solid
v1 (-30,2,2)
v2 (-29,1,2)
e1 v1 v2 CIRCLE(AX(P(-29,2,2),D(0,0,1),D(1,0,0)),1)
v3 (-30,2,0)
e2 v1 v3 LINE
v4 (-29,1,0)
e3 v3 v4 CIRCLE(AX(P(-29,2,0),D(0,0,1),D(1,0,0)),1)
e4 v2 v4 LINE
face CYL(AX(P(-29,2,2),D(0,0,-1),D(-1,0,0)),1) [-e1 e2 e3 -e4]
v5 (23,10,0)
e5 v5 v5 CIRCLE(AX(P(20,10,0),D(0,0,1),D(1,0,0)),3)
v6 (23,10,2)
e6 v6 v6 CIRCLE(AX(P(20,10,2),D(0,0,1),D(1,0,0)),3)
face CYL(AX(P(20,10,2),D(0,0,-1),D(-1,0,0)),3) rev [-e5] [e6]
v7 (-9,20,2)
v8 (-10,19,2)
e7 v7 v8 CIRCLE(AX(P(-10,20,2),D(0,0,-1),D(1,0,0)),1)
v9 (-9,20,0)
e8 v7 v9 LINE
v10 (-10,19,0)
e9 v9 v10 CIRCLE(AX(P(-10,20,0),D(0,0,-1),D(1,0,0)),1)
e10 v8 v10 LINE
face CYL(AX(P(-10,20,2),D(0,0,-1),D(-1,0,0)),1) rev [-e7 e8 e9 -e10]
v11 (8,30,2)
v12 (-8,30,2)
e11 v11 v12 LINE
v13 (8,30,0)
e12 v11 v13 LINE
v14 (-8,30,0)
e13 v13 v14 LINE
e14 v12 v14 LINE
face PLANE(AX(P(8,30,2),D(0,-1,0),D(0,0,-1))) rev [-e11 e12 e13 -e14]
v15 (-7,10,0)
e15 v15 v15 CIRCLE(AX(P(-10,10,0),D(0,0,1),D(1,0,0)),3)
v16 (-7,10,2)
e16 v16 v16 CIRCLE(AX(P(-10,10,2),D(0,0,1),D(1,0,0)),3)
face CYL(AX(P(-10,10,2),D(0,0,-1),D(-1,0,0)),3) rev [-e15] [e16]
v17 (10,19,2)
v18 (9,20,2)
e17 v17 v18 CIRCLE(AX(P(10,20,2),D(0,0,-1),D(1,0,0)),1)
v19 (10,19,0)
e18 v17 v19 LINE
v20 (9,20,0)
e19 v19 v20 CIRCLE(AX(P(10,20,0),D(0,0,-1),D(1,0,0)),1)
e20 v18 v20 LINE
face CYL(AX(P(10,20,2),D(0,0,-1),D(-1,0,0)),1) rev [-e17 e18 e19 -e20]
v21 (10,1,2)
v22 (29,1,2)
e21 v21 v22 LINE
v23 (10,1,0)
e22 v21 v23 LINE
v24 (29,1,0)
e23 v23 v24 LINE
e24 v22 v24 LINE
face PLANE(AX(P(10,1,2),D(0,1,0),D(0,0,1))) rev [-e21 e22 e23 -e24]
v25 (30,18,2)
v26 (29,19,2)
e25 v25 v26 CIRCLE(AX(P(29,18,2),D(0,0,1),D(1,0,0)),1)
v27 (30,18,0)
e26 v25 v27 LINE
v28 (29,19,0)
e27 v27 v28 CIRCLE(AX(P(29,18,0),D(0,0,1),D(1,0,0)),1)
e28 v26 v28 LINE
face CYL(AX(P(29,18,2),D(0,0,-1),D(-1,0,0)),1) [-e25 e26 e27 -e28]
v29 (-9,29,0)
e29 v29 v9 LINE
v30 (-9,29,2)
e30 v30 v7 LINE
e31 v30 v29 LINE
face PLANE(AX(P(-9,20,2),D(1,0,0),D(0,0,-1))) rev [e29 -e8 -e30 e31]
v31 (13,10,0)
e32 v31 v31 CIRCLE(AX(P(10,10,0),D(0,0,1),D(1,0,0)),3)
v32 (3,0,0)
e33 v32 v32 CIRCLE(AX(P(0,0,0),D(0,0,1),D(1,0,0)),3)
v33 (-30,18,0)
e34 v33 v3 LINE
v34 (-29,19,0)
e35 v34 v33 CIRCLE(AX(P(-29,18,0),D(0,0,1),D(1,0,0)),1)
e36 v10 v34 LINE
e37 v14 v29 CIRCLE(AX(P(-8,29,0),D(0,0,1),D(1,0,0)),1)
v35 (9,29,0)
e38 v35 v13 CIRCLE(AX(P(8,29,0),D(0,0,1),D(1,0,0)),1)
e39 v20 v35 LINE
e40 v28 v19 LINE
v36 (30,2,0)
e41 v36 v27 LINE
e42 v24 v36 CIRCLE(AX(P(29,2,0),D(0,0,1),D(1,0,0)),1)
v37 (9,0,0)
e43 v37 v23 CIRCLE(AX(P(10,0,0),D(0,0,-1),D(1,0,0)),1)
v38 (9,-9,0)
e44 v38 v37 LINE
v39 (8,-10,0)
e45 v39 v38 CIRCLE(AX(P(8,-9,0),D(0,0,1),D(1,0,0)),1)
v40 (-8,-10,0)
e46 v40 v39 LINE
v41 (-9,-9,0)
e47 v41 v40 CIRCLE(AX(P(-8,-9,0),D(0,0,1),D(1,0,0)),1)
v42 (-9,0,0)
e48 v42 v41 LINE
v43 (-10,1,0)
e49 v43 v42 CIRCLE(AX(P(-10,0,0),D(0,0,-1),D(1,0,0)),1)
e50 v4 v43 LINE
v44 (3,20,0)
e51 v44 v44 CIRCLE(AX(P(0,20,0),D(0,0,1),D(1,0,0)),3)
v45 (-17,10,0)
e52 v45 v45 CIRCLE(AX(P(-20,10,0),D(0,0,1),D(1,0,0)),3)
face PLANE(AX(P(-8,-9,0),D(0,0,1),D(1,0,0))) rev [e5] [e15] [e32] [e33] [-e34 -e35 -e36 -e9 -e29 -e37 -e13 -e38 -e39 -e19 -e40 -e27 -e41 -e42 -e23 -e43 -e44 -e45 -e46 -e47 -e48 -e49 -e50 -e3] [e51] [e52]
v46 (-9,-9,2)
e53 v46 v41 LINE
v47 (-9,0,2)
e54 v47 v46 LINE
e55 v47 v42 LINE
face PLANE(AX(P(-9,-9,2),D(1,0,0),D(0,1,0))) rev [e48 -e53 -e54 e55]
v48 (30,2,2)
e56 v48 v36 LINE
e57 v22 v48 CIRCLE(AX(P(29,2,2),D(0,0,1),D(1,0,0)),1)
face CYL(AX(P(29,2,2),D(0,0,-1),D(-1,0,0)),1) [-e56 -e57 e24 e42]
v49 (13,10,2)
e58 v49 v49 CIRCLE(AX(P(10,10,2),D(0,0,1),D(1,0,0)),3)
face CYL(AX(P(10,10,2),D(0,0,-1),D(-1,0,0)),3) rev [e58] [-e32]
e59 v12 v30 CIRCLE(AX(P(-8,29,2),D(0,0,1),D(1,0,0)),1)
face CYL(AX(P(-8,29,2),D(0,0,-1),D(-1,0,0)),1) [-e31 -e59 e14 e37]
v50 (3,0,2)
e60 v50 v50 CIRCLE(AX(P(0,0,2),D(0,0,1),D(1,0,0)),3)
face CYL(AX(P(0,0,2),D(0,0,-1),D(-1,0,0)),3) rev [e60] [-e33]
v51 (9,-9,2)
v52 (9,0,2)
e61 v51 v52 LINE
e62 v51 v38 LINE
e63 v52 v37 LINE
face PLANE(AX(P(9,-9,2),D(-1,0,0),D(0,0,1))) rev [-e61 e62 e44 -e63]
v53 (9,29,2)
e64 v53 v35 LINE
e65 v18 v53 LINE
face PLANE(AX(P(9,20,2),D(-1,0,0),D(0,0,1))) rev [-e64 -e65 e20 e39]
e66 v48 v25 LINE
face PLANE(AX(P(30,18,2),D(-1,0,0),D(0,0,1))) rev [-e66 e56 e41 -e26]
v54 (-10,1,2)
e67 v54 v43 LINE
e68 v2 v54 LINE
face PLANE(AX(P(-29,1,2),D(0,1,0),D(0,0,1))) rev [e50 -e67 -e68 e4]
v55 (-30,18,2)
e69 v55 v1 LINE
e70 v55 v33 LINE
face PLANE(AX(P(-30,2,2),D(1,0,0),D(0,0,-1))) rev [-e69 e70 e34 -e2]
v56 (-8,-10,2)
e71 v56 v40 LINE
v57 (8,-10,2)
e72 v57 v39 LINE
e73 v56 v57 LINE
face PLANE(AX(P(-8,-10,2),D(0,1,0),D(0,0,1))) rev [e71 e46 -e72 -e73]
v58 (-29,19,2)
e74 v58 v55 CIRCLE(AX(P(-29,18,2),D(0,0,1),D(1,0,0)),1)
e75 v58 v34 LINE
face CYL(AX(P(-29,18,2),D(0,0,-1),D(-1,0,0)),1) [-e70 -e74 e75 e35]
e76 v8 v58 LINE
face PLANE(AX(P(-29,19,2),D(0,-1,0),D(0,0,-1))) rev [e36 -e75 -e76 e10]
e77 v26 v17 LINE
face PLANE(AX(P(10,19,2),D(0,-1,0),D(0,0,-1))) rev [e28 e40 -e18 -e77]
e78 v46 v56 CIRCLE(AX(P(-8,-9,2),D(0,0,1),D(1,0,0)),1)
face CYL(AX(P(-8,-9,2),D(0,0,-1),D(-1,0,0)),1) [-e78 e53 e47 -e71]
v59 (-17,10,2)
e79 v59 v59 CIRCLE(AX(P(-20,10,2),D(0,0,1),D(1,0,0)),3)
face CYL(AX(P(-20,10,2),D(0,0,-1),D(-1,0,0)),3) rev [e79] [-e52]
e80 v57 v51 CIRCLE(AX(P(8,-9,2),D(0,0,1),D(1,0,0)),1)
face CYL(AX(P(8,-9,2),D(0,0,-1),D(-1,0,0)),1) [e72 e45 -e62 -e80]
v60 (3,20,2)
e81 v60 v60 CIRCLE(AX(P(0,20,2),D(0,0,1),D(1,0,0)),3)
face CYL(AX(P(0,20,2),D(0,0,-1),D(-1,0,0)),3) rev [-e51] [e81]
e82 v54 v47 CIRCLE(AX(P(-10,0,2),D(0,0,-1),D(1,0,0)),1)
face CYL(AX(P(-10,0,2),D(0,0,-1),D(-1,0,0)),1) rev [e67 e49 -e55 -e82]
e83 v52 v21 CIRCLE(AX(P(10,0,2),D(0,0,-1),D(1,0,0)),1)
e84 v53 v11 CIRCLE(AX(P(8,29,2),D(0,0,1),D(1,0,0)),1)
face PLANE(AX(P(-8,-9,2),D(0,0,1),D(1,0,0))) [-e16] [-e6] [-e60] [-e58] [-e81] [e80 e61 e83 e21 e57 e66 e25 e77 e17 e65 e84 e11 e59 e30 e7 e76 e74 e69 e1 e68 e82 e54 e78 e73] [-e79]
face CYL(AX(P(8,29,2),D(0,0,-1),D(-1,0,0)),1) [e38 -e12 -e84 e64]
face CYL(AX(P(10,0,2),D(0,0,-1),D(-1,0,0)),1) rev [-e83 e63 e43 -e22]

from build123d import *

# Parameters (mm, degrees)
SKETCH_1_R      = 3
EXTRUDE_1_DEPTH = 2


with BuildPart() as part:
    # 草图1 → 凸台-拉伸1 (new body)
    with BuildSketch(Plane.XY):
        with BuildLine():
            Line((-9, -9), (-9, 0))
            ThreePointArc((-9, 0), (-9.292893219, 0.707106781), (-10, 1))
            Line((-10, 1), (-29, 1))
            ThreePointArc((-29, 1), (-29.707106781, 1.292893219), (-30, 2))
            Line((-30, 2), (-30, 18))
            ThreePointArc((-30, 18), (-29.707106781, 18.707106781), (-29, 19))
            Line((-29, 19), (-10, 19))
            ThreePointArc((-10, 19), (-9.292893219, 19.292893219), (-9, 20))
            Line((-9, 20), (-9, 29))
            ThreePointArc((-9, 29), (-8.707106781, 29.707106781), (-8, 30))
            Line((-8, 30), (8, 30))
            ThreePointArc((8, 30), (8.707106781, 29.707106781), (9, 29))
            Line((9, 29), (9, 20))
            ThreePointArc((9, 20), (9.292893219, 19.292893219), (10, 19))
            Line((10, 19), (29, 19))
            ThreePointArc((29, 19), (29.707106781, 18.707106781), (30, 18))
            Line((30, 18), (30, 2))
            ThreePointArc((30, 2), (29.707106781, 1.292893219), (29, 1))
            Line((29, 1), (10, 1))
            ThreePointArc((10, 1), (9.292893219, 0.707106781), (9, 0))
            Line((9, 0), (9, -9))
            ThreePointArc((9, -9), (8.707106781, -9.707106781), (8, -10))
            Line((8, -10), (-8, -10))
            ThreePointArc((-8, -10), (-8.707106781, -9.707106781), (-9, -9))
        make_face()
        with Locations((0, 20)):
            Circle(SKETCH_1_R, mode=Mode.SUBTRACT)
        Circle(SKETCH_1_R, mode=Mode.SUBTRACT)
        with Locations((-20, 10)):
            Circle(SKETCH_1_R, mode=Mode.SUBTRACT)
        with Locations((-10, 10)):
            Circle(SKETCH_1_R, mode=Mode.SUBTRACT)
        with Locations((20, 10)):
            Circle(SKETCH_1_R, mode=Mode.SUBTRACT)
        with Locations((10, 10)):
            Circle(SKETCH_1_R, mode=Mode.SUBTRACT)
    extrude(amount=EXTRUDE_1_DEPTH)


solid = part.part
